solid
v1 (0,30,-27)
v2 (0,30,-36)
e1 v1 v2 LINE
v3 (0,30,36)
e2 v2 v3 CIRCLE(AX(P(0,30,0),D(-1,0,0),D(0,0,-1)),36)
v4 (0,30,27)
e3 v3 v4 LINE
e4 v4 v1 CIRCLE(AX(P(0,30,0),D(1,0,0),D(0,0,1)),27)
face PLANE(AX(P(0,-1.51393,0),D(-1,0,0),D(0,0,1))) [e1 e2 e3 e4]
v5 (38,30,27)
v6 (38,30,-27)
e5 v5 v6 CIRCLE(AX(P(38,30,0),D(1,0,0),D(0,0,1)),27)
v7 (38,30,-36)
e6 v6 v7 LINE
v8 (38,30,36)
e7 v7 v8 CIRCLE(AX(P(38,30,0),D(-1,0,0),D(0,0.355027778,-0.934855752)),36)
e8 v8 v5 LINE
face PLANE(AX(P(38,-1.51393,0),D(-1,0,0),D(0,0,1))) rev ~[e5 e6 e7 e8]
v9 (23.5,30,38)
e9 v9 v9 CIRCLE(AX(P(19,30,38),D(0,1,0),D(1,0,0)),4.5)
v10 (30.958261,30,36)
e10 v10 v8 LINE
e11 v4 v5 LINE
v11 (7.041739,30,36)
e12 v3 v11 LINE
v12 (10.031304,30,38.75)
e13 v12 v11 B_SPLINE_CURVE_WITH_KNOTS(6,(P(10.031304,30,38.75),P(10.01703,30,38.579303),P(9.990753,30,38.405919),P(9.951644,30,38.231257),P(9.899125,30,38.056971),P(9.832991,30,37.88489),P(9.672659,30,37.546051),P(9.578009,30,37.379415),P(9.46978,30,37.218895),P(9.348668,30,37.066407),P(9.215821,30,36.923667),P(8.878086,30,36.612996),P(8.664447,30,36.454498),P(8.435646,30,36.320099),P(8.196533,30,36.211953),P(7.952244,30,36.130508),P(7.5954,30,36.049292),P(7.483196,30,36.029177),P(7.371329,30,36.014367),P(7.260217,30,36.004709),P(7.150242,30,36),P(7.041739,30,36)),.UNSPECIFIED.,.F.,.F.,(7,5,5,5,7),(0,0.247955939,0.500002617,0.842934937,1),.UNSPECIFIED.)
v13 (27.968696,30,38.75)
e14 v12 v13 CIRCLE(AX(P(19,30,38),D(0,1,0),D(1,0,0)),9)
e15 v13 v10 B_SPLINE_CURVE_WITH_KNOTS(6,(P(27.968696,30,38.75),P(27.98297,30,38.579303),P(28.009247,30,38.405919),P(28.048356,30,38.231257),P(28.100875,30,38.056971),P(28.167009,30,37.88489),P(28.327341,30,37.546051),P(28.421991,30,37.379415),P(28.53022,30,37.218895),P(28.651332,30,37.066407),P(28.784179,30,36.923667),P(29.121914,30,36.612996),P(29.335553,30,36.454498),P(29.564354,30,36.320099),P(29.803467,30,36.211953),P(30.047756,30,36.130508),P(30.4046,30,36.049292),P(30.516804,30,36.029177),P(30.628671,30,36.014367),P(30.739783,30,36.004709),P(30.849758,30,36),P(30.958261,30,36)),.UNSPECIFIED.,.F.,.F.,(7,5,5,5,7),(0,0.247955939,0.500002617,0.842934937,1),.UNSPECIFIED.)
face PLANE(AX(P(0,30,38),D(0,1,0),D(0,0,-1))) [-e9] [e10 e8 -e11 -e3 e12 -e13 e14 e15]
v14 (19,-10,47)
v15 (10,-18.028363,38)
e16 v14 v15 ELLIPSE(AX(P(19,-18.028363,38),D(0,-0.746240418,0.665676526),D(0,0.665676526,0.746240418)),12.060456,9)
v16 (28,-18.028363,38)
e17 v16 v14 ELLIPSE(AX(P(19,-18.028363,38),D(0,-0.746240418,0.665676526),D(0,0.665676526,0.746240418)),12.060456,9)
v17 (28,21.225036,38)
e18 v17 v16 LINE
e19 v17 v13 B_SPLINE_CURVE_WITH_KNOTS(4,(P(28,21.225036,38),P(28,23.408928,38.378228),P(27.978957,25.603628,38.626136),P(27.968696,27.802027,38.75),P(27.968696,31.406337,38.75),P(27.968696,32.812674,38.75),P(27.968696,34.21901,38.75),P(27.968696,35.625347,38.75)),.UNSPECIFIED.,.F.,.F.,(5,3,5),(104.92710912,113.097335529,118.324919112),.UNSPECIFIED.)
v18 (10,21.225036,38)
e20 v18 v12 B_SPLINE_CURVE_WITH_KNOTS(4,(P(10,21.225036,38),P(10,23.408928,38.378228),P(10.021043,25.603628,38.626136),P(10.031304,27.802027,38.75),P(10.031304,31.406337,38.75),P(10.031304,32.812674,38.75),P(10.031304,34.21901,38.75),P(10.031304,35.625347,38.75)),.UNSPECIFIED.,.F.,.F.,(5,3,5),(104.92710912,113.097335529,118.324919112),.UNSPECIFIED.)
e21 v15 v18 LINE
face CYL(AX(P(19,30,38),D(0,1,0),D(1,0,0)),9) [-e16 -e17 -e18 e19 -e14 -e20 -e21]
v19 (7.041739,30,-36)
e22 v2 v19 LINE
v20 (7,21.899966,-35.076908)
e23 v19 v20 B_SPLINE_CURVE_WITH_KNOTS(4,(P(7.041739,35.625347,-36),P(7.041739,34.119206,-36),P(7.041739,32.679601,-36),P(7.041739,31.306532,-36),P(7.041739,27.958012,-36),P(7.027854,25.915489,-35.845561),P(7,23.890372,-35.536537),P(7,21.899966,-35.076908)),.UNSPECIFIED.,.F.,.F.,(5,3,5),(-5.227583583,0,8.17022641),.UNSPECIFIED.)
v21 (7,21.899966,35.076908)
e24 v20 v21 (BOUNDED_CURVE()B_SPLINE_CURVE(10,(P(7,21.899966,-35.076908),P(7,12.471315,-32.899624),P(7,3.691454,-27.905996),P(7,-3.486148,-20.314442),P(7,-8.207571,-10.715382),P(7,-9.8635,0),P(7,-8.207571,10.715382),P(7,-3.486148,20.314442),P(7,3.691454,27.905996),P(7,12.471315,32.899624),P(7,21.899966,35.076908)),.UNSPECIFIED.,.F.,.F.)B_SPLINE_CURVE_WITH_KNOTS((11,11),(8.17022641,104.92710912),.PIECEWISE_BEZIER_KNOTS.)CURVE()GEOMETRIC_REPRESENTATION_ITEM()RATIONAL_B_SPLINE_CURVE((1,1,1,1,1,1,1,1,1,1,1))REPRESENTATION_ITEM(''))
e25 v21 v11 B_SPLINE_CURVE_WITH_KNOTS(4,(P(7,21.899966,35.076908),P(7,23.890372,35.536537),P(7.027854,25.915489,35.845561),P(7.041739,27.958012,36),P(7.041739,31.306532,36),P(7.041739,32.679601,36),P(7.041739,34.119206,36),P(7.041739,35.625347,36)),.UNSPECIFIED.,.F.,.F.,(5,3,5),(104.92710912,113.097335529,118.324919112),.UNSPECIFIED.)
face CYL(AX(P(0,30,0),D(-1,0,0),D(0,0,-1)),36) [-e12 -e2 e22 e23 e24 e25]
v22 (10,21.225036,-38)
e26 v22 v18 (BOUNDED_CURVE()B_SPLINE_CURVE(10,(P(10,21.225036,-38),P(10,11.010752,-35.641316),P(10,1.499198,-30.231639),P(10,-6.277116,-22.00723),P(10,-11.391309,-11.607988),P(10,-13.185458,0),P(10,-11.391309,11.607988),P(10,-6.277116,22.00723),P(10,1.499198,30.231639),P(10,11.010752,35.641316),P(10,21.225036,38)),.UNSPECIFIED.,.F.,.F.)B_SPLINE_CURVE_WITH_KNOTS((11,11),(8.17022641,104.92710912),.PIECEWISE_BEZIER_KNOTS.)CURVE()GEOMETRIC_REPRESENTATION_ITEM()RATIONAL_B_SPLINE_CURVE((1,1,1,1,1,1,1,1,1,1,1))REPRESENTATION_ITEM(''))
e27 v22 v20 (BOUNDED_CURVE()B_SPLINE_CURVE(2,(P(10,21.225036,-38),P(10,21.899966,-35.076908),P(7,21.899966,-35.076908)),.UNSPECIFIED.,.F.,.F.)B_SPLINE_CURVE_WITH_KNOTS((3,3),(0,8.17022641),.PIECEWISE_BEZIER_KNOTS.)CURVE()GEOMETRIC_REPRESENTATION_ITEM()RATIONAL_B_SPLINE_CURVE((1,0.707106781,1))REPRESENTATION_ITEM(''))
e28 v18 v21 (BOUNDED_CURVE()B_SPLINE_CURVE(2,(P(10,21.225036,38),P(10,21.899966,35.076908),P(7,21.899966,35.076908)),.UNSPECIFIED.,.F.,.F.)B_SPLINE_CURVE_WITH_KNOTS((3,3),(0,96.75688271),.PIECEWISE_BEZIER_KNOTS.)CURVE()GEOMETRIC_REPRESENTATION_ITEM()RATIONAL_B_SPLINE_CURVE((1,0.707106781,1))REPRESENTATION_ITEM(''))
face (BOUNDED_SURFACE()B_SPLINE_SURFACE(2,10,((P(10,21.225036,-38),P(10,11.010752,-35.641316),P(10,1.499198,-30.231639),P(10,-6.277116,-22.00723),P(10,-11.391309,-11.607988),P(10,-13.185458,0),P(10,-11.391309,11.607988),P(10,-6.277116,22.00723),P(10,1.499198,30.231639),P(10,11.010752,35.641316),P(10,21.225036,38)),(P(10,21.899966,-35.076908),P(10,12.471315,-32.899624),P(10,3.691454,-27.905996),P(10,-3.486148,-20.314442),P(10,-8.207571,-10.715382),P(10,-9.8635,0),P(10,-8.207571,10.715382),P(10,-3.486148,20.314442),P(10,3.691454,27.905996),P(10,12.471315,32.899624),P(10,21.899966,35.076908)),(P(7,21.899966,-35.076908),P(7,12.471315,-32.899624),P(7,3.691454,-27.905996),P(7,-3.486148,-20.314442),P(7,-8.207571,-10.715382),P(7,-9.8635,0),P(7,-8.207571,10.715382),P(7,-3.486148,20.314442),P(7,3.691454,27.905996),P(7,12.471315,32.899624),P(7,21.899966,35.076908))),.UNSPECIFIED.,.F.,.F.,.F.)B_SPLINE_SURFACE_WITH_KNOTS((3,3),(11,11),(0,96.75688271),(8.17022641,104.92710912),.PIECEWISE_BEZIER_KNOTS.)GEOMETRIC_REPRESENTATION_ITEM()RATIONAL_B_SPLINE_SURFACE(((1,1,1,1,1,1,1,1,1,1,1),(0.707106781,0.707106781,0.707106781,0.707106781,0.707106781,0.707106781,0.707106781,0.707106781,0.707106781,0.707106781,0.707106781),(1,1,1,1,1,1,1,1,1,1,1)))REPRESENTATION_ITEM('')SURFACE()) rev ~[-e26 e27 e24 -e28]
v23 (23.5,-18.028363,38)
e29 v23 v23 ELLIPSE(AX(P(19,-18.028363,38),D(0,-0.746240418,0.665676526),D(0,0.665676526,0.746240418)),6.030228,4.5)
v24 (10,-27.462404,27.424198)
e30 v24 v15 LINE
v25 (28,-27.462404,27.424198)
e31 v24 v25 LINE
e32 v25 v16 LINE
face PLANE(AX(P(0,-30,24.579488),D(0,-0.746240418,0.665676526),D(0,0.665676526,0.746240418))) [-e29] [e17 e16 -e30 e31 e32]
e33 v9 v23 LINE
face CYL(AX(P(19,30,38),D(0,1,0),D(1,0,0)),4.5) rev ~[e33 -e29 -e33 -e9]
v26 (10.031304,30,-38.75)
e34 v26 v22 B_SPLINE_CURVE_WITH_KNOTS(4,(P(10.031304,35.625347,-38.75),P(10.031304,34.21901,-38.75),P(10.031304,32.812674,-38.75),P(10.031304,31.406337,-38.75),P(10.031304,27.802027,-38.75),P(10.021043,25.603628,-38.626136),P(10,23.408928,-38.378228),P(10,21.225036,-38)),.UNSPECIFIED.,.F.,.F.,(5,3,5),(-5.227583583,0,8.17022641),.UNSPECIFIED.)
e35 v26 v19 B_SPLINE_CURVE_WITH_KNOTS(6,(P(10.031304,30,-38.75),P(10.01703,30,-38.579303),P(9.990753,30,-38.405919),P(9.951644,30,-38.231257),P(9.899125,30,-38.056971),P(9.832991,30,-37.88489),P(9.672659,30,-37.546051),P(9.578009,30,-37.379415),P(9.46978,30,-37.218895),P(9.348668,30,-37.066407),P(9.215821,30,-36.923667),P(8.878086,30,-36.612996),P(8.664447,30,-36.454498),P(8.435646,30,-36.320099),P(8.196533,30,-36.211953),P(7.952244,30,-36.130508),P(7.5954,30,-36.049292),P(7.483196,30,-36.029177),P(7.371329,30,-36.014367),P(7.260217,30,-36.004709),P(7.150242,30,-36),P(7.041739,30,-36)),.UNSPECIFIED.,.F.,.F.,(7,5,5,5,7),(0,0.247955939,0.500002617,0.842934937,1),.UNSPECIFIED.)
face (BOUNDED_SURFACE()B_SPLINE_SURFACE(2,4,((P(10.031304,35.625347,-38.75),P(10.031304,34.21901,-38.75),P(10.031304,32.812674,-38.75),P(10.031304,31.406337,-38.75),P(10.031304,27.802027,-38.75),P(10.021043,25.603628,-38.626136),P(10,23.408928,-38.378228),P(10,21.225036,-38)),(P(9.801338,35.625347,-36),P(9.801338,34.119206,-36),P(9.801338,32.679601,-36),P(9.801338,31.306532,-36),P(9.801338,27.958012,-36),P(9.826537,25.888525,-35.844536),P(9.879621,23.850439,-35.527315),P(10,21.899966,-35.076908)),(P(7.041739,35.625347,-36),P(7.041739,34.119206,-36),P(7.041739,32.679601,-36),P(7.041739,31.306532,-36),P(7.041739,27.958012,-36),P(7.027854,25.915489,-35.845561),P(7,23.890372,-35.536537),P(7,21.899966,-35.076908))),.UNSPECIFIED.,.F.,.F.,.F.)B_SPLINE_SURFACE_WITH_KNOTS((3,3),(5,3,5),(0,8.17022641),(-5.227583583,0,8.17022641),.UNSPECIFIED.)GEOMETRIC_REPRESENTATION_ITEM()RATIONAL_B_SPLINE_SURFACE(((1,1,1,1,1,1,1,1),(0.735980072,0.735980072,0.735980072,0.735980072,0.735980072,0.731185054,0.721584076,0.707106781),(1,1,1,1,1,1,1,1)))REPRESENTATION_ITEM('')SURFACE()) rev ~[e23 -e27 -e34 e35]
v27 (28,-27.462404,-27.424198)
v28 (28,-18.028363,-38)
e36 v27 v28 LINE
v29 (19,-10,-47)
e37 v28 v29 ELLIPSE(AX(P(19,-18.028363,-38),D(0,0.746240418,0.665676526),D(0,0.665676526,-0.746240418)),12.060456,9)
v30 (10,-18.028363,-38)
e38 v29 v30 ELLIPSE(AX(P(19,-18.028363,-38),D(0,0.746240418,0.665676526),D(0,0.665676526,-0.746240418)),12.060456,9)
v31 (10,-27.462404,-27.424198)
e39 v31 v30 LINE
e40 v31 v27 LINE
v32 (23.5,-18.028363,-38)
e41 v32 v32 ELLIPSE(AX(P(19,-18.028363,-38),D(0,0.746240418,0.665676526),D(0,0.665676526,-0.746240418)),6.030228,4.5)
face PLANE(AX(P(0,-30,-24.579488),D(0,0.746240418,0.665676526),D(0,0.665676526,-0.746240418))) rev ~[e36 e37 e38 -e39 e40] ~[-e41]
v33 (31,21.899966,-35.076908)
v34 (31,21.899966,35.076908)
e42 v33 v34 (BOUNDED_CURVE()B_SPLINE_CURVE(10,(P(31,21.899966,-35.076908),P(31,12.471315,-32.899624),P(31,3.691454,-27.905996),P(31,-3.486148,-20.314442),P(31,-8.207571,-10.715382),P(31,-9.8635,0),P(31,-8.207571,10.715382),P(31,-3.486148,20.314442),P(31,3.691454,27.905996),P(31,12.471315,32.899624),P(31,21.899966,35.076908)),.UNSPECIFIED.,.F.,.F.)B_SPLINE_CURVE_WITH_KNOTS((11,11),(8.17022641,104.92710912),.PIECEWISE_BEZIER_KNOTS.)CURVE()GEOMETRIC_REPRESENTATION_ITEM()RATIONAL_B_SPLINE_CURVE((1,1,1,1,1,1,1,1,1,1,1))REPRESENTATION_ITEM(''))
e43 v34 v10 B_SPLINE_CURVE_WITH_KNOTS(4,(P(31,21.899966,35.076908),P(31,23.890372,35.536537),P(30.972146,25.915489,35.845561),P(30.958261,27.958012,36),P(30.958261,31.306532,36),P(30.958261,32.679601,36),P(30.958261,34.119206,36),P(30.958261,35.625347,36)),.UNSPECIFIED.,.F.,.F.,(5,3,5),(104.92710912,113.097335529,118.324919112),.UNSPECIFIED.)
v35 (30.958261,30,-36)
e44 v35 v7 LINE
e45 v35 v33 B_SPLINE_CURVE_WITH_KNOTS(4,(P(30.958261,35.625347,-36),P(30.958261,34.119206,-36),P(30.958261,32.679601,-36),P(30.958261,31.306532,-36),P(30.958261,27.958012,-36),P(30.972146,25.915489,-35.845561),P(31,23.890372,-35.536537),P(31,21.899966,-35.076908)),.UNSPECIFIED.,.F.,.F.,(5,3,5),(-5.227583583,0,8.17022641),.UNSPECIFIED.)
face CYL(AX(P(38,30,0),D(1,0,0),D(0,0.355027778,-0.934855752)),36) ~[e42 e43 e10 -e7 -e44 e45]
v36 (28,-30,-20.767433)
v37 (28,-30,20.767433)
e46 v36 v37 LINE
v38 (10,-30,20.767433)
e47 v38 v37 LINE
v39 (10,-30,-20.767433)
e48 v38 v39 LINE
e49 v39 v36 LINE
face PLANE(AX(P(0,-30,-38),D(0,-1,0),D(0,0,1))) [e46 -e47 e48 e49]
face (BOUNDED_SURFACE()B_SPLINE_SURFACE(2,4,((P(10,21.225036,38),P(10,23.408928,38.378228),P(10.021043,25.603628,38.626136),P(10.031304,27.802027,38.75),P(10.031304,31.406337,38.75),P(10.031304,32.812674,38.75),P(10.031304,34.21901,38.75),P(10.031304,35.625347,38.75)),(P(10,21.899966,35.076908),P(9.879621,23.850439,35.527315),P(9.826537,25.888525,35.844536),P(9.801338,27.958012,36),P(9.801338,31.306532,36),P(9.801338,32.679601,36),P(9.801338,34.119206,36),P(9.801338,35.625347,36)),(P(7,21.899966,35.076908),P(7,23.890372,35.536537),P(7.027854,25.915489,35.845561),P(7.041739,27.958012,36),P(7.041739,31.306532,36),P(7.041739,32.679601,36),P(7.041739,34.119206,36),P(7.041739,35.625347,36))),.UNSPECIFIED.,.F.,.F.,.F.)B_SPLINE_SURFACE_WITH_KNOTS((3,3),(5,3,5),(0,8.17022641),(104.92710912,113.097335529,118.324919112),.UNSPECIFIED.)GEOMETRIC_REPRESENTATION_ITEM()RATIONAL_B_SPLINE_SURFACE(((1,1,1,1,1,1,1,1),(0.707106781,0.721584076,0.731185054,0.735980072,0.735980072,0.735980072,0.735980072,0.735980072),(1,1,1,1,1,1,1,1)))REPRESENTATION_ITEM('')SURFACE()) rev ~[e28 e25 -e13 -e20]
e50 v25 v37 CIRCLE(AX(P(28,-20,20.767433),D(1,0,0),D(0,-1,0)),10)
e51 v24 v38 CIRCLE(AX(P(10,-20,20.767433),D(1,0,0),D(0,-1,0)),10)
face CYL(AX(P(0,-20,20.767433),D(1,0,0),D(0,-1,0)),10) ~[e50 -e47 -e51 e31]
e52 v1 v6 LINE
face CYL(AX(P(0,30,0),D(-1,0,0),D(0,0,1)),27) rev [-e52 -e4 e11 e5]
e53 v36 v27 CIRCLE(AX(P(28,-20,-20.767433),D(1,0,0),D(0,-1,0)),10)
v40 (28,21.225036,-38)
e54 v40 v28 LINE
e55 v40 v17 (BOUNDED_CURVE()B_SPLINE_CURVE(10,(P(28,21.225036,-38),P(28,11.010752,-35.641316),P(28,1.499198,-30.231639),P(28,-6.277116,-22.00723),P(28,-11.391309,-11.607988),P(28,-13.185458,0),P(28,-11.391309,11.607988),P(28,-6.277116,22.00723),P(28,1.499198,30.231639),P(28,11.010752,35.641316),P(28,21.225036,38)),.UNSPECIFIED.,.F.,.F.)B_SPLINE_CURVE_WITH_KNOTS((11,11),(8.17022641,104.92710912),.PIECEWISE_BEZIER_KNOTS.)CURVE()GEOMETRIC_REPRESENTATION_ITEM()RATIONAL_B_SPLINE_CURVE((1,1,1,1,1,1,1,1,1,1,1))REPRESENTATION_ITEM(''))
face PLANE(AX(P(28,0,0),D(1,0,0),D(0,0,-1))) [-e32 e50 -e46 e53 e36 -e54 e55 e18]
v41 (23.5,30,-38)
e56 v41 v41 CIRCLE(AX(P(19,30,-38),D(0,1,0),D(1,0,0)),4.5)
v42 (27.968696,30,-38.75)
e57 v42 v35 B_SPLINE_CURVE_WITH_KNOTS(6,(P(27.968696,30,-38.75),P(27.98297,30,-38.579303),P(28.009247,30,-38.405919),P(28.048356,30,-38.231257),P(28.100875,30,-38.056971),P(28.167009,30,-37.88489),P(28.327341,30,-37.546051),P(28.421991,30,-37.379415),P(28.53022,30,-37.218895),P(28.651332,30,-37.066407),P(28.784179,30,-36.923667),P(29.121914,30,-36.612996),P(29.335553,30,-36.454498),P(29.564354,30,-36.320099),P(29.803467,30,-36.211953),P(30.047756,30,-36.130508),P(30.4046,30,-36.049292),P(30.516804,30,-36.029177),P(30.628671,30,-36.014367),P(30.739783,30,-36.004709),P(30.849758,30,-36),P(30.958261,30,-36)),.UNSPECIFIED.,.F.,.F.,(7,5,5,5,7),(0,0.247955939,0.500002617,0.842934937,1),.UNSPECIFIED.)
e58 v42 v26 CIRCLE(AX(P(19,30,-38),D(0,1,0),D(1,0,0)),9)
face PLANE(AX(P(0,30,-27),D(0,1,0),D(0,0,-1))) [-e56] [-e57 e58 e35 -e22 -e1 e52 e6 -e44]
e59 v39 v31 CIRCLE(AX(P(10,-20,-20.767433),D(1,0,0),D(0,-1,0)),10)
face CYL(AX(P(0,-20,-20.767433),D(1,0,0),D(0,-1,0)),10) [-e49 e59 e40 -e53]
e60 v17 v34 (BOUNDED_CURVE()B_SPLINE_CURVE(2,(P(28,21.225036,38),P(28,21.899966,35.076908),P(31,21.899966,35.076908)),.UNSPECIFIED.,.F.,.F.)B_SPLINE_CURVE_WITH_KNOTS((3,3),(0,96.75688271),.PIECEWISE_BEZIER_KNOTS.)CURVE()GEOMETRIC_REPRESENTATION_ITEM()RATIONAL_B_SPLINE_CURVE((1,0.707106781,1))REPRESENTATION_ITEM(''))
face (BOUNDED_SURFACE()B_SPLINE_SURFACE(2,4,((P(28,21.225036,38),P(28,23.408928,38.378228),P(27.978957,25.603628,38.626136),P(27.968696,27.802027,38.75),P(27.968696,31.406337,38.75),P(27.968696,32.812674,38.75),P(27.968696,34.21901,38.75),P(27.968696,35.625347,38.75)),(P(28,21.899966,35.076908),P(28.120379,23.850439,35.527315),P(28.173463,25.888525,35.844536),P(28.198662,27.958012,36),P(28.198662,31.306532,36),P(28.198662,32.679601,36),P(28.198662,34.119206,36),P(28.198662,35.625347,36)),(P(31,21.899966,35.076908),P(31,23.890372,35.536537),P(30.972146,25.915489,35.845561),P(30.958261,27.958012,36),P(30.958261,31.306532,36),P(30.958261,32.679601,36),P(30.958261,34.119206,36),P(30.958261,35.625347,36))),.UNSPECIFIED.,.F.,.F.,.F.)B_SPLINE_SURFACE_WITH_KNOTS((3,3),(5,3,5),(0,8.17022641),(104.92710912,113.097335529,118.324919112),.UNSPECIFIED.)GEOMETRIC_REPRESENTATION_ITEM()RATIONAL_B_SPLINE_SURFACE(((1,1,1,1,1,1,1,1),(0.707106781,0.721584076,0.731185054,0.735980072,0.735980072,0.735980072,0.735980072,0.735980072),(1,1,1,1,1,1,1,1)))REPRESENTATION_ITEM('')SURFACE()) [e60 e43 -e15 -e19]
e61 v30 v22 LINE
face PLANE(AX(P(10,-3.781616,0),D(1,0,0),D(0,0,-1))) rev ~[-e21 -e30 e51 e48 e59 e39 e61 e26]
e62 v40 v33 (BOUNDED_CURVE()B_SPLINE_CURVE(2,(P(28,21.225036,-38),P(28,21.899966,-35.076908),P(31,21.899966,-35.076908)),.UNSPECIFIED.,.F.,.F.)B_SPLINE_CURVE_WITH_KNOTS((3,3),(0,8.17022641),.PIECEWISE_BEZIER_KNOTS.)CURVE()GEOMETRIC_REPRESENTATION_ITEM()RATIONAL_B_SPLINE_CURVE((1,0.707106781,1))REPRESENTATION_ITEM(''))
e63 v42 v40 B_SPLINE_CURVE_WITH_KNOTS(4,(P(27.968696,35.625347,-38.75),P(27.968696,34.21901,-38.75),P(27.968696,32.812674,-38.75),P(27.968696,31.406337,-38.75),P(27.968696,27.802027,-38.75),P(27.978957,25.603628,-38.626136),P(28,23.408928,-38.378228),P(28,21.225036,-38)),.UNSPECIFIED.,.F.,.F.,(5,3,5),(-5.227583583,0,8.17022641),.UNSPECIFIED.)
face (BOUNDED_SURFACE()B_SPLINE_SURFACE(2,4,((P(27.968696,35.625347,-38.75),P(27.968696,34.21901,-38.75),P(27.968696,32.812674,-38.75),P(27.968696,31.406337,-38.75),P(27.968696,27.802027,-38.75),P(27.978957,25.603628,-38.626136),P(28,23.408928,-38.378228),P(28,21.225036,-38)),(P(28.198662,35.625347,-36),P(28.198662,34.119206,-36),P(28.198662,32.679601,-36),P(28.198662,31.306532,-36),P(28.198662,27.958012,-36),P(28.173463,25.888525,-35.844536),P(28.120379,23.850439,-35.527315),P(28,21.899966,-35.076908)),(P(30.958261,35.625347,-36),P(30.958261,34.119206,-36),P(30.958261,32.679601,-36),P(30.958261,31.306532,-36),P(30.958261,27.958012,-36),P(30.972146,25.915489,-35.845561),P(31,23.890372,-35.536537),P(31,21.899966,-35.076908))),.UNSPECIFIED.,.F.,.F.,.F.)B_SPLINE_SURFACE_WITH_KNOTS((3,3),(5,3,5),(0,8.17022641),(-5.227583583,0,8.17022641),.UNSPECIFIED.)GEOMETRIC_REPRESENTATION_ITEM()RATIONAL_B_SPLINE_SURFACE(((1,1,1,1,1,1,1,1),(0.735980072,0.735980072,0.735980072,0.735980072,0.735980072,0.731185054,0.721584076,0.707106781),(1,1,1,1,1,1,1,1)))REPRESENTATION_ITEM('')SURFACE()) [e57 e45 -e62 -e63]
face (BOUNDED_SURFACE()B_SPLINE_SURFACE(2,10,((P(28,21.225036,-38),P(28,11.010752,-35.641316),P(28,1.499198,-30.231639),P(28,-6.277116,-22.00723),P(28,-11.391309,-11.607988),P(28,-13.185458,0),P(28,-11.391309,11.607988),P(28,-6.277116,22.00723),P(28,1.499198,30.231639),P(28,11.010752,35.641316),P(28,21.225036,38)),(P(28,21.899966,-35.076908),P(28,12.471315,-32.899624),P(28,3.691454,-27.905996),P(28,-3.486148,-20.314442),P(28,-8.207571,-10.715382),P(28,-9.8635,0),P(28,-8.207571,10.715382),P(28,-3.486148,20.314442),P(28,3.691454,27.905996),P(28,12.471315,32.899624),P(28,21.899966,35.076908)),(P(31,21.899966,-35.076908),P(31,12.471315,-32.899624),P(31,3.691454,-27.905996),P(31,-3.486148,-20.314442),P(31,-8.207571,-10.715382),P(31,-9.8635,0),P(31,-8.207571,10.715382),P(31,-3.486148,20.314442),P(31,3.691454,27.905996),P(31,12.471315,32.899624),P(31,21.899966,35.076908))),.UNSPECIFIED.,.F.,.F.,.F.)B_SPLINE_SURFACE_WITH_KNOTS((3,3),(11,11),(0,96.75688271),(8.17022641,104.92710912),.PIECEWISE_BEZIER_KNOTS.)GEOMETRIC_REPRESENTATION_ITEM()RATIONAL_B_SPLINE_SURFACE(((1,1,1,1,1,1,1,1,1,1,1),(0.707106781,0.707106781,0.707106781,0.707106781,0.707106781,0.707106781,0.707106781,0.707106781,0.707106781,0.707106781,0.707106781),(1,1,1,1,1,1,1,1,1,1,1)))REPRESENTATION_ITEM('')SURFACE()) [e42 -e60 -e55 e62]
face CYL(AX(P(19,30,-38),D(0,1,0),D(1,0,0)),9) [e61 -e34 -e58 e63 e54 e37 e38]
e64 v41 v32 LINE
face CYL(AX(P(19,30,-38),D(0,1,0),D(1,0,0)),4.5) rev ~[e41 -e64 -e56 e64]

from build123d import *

# Parameters (mm, degrees)
BOSS_EXTRUDE1_DEPTH = 38
SKETCH2_R           = 9
SKETCH2_R_2         = 4.5
BOSS_EXTRUDE3_DEPTH = 60
SKETCH4_R           = 4.5
CUT_EXTRUDE1_DEPTH  = 61
CUT_EXTRUDE4_DEPTH  = 39
FILLET1_R           = 10
CUT_EXTRUDE5_DEPTH  = 10
SKETCH7_OUTSIDE_W   = 119.562
SKETCH7_OUTSIDE_H   = 85.562
SKETCH7_OUTSIDE_R   = 36
CUT_EXTRUDE6_DEPTH  = 10
FILLET2_R           = 3


with BuildPart() as part:
    # Sketch1 → Boss-Extrude1 (new body)
    with BuildSketch(Plane(origin=(0, 0, 0), x_dir=(0, 0, -1), z_dir=(1, 0, 0))):
        with BuildLine():
            Line((27, 30), (38, 30))
            Line((38, 30), (38, -30))
            Line((38, -30), (-38, -30))
            Line((-38, -30), (-38, 30))
            Line((-38, 30), (-27, 30))
            ThreePointArc((-27, 30), (0, 3), (27, 30))
        make_face()
    extrude(amount=BOSS_EXTRUDE1_DEPTH)

    # Sketch2 → Boss-Extrude3 (add, through all)
    with BuildSketch(Plane(origin=(0, 30, 0), x_dir=(1, 0, 0), z_dir=(0, 1, 0))):
        with Locations((19, -38)):
            Circle(SKETCH2_R)
        with Locations((19, -38)):
            Circle(SKETCH2_R_2, mode=Mode.SUBTRACT)
        with Locations((19, 38)):
            Circle(SKETCH2_R)
        with Locations((19, 38)):
            Circle(SKETCH2_R_2, mode=Mode.SUBTRACT)
    extrude(amount=-BOSS_EXTRUDE3_DEPTH)

    # Sketch4 → Cut-Extrude1 (cut, through all)
    with BuildSketch(Plane(origin=(0, 30, 0), x_dir=(1, 0, 0), z_dir=(0, 1, 0))):
        with Locations((19, -38)):
            Circle(SKETCH4_R)
        with Locations((19, 38)):
            Circle(SKETCH4_R)
    extrude(amount=-CUT_EXTRUDE1_DEPTH, mode=Mode.SUBTRACT)

    # Sketch5 → Cut-Extrude4 (cut, through all)
    with BuildSketch(Plane.ZY):
        Polygon((-47, -30), (-24.579488272, -30), (-47, -10), align=None)
        Polygon((47, -30), (24.579488272, -30), (47, -10), align=None)
    extrude(amount=-CUT_EXTRUDE4_DEPTH, mode=Mode.SUBTRACT)

    # Fillet1
    fillet1_edges = [part.edges().sort_by_distance(p)[0] for p in [
        (19, -30, 24.579488272),
        (19, -30, -24.579488272),
    ]]
    fillet(fillet1_edges, radius=FILLET1_R)

    # Sketch1<3> → Cut-Extrude5 (cut)
    with BuildSketch(Plane(origin=(0, 0, 0), x_dir=(0, 0, -1), z_dir=(1, 0, 0))):
        with BuildLine():
            Line((38, 30), (36, 30))
            ThreePointArc((36, 30), (0, -6), (-36, 30))
            Line((-36, 30), (-38, 30))
            Line((-38, 30), (-38, -30))
            Line((-38, -30), (38, -30))
            Line((38, -30), (38, 30))
        make_face()
    extrude(amount=CUT_EXTRUDE5_DEPTH, mode=Mode.SUBTRACT)

    # Sketch7 outside → Cut-Extrude6 (cut)
    with BuildSketch(Plane(origin=(38, 0, 0), x_dir=(0, 0, -1), z_dir=(1, 0, 0))):
        Rectangle(SKETCH7_OUTSIDE_W, SKETCH7_OUTSIDE_H)
        with Locations((0, 30)):
            Circle(SKETCH7_OUTSIDE_R, mode=Mode.SUBTRACT)
    extrude(amount=-CUT_EXTRUDE6_DEPTH, mode=Mode.SUBTRACT)

    # Fillet2
    fillet2_edges = [part.edges().sort_by_distance(p)[0] for p in [
        (10, -6, 0),
        (28, -6, 0),
    ]]
    fillet(fillet2_edges, radius=FILLET2_R)


solid = part.part
